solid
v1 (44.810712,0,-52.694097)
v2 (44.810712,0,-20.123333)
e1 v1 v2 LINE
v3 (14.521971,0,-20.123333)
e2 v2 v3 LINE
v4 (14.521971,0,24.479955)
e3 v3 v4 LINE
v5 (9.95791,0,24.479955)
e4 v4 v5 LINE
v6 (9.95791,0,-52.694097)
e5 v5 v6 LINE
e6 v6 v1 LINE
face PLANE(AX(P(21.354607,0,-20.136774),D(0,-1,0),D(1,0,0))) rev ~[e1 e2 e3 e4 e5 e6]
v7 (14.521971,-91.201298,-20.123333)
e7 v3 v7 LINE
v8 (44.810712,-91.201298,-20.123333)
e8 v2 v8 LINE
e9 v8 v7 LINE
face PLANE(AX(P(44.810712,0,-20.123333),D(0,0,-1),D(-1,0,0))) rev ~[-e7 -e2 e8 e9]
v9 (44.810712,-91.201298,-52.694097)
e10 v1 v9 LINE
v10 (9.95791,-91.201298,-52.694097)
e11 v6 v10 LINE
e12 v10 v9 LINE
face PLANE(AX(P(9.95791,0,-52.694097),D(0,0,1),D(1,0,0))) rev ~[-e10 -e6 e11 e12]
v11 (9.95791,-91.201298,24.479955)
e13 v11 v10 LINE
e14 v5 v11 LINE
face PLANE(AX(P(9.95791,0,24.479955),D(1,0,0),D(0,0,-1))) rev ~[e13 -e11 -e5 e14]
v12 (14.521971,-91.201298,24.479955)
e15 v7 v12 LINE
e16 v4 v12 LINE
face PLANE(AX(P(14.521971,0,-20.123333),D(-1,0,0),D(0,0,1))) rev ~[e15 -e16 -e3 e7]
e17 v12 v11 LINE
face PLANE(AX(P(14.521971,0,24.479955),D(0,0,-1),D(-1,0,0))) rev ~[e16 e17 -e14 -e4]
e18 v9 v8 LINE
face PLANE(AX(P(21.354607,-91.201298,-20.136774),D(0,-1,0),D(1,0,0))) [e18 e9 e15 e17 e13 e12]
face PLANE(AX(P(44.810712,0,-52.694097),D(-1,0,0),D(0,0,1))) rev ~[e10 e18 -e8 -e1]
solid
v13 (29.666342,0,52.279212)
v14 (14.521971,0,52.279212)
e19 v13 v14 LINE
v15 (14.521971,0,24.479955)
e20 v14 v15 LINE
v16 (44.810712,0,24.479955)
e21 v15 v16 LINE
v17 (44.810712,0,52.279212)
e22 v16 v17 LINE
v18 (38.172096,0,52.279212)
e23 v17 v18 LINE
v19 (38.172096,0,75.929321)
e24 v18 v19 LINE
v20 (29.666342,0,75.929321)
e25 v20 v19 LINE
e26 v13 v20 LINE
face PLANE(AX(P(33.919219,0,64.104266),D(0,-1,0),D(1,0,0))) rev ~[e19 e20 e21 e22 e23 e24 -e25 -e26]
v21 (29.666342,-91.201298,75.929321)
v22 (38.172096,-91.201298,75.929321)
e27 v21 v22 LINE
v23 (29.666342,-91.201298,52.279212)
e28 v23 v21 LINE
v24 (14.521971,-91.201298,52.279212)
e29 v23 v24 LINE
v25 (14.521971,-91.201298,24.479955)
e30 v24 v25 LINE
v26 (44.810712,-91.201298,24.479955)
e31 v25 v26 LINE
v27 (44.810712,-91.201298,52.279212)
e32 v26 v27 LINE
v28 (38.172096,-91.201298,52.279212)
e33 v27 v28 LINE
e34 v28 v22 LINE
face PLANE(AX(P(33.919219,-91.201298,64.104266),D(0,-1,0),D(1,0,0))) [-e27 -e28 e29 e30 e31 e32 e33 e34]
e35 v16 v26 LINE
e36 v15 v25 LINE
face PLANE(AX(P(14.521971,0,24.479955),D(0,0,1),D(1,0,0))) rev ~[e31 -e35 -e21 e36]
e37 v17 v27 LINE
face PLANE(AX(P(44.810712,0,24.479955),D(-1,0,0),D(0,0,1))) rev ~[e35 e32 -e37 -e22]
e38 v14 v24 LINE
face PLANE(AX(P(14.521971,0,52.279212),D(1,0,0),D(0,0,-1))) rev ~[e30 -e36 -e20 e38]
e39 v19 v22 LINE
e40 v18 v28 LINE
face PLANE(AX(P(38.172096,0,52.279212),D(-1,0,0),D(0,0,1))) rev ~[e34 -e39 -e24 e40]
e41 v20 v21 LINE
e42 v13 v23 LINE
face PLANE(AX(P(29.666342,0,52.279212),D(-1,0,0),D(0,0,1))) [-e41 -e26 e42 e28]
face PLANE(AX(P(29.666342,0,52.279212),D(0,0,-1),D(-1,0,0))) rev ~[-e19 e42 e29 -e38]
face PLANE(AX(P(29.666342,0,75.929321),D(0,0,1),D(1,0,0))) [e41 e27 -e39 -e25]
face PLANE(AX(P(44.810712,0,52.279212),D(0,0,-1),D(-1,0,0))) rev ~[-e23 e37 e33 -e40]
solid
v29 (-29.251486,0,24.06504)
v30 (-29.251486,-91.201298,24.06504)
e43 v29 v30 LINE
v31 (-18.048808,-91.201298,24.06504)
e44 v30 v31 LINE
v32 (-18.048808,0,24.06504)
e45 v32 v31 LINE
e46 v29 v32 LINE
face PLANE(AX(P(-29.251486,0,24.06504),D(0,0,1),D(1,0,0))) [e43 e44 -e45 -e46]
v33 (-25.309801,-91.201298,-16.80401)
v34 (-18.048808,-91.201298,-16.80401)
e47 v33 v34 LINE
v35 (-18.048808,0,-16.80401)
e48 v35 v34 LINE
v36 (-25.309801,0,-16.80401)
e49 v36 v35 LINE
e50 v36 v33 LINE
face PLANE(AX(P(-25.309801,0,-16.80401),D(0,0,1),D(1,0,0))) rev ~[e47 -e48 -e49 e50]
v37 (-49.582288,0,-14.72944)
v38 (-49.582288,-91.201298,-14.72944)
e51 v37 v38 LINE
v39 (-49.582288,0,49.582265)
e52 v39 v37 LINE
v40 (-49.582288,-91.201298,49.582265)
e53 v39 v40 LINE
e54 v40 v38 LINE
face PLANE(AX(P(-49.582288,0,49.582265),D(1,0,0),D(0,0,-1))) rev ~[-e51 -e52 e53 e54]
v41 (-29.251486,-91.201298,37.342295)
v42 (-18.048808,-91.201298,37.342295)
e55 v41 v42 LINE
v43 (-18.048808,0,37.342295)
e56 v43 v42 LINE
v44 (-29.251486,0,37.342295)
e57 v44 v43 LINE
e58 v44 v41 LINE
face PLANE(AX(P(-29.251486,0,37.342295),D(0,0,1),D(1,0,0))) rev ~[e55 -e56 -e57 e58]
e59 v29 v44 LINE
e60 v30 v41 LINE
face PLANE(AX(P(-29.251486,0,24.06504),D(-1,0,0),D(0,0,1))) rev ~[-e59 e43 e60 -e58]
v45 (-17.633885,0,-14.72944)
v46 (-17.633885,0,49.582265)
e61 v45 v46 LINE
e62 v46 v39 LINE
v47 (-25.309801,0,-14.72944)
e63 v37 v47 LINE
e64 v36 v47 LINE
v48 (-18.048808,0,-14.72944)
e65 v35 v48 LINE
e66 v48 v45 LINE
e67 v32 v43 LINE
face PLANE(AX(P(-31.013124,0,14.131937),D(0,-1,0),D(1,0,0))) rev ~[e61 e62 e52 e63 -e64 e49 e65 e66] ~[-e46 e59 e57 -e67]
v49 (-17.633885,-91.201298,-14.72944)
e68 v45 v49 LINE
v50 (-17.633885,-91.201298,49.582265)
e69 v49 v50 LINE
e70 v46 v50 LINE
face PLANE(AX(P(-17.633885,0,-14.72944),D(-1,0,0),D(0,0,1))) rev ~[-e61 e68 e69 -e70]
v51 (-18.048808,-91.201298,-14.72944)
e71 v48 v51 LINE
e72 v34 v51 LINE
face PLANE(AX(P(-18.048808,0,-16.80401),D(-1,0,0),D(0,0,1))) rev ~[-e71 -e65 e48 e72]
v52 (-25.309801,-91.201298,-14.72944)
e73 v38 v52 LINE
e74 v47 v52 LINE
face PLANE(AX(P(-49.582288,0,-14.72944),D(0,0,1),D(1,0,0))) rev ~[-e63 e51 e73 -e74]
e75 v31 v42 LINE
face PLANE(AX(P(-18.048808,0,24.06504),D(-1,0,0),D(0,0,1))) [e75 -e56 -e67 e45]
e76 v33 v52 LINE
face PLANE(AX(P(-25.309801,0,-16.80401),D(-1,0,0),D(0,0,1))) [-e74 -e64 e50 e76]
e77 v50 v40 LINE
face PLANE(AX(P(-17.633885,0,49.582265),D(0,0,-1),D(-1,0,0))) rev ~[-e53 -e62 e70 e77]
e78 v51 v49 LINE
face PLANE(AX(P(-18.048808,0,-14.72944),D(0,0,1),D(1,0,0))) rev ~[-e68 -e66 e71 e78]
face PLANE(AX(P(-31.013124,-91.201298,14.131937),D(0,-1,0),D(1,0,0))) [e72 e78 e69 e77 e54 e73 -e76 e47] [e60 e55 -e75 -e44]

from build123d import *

# Parameters (mm, degrees)
F0_W     = 8.5057541728
F0_H     = 23.6501097679
F1_DEPTH = 91.2012979388
F0_W_2   = 11.2026780844
F0_H_2   = 13.2772549987
F0_W_3   = 7.2609931231
F0_H_3   = 2.0745694637
F0_H_4   = 26.7619639635


with BuildPart() as f1:
    # F0 (on Front) → F1 (new body)
    with BuildSketch(Plane.XZ):
        with Locations((33.9192189276, 64.1042664647)):
            Rectangle(F0_W, F0_H)
        Polygon((14.5219713449, 24.4799554348), (44.8107123375, 24.4799554348), (44.8107123375, 52.2792115808), (38.172096014, 52.2792115808), (29.6663418412, 52.2792115808), (14.5219713449, 52.2792115808), align=None)
    extrude(amount=F1_DEPTH)


with BuildPart() as f1b:
    # F0 (on Front) → F1, piece 2 (new body)
    with BuildSketch(Plane.XZ):
        Polygon((-25.3098011017, -14.7294402122), (-25.3098011017, 12.0325237513), (-18.0488079786, 12.0325237513), (-18.0488079786, -14.7294402122), (-17.6338851452, -14.7294402122), (-17.6338851452, 49.5822653174), (-49.5822876692, 49.5822653174), (-49.5822876692, -14.7294402122), align=None)
        with Locations((-23.6501470208, 30.7036675513)):
            Rectangle(F0_W_2, F0_H_2, mode=Mode.SUBTRACT)
        with Locations((-21.6793045402, -15.7667249441)):
            Rectangle(F0_W_3, F0_H_3)
        with Locations((-21.6793045402, -1.3484582305)):
            Rectangle(F0_W_3, F0_H_4)
    extrude(amount=F1_DEPTH)


with BuildPart() as f1c:
    # F0 (on Front) → F1, piece 3 (new body)
    with BuildSketch(Plane.XZ):
        Polygon((44.8107123375, -52.6940971613), (44.8107123375, -20.1233327389), (14.5219713449, -20.1233327389), (14.5219713449, 24.4799554348), (9.957909584, 24.4799554348), (9.957909584, -52.6940971613), align=None)
    extrude(amount=F1_DEPTH)


solid = Compound([f1.part, f1b.part, f1c.part])
